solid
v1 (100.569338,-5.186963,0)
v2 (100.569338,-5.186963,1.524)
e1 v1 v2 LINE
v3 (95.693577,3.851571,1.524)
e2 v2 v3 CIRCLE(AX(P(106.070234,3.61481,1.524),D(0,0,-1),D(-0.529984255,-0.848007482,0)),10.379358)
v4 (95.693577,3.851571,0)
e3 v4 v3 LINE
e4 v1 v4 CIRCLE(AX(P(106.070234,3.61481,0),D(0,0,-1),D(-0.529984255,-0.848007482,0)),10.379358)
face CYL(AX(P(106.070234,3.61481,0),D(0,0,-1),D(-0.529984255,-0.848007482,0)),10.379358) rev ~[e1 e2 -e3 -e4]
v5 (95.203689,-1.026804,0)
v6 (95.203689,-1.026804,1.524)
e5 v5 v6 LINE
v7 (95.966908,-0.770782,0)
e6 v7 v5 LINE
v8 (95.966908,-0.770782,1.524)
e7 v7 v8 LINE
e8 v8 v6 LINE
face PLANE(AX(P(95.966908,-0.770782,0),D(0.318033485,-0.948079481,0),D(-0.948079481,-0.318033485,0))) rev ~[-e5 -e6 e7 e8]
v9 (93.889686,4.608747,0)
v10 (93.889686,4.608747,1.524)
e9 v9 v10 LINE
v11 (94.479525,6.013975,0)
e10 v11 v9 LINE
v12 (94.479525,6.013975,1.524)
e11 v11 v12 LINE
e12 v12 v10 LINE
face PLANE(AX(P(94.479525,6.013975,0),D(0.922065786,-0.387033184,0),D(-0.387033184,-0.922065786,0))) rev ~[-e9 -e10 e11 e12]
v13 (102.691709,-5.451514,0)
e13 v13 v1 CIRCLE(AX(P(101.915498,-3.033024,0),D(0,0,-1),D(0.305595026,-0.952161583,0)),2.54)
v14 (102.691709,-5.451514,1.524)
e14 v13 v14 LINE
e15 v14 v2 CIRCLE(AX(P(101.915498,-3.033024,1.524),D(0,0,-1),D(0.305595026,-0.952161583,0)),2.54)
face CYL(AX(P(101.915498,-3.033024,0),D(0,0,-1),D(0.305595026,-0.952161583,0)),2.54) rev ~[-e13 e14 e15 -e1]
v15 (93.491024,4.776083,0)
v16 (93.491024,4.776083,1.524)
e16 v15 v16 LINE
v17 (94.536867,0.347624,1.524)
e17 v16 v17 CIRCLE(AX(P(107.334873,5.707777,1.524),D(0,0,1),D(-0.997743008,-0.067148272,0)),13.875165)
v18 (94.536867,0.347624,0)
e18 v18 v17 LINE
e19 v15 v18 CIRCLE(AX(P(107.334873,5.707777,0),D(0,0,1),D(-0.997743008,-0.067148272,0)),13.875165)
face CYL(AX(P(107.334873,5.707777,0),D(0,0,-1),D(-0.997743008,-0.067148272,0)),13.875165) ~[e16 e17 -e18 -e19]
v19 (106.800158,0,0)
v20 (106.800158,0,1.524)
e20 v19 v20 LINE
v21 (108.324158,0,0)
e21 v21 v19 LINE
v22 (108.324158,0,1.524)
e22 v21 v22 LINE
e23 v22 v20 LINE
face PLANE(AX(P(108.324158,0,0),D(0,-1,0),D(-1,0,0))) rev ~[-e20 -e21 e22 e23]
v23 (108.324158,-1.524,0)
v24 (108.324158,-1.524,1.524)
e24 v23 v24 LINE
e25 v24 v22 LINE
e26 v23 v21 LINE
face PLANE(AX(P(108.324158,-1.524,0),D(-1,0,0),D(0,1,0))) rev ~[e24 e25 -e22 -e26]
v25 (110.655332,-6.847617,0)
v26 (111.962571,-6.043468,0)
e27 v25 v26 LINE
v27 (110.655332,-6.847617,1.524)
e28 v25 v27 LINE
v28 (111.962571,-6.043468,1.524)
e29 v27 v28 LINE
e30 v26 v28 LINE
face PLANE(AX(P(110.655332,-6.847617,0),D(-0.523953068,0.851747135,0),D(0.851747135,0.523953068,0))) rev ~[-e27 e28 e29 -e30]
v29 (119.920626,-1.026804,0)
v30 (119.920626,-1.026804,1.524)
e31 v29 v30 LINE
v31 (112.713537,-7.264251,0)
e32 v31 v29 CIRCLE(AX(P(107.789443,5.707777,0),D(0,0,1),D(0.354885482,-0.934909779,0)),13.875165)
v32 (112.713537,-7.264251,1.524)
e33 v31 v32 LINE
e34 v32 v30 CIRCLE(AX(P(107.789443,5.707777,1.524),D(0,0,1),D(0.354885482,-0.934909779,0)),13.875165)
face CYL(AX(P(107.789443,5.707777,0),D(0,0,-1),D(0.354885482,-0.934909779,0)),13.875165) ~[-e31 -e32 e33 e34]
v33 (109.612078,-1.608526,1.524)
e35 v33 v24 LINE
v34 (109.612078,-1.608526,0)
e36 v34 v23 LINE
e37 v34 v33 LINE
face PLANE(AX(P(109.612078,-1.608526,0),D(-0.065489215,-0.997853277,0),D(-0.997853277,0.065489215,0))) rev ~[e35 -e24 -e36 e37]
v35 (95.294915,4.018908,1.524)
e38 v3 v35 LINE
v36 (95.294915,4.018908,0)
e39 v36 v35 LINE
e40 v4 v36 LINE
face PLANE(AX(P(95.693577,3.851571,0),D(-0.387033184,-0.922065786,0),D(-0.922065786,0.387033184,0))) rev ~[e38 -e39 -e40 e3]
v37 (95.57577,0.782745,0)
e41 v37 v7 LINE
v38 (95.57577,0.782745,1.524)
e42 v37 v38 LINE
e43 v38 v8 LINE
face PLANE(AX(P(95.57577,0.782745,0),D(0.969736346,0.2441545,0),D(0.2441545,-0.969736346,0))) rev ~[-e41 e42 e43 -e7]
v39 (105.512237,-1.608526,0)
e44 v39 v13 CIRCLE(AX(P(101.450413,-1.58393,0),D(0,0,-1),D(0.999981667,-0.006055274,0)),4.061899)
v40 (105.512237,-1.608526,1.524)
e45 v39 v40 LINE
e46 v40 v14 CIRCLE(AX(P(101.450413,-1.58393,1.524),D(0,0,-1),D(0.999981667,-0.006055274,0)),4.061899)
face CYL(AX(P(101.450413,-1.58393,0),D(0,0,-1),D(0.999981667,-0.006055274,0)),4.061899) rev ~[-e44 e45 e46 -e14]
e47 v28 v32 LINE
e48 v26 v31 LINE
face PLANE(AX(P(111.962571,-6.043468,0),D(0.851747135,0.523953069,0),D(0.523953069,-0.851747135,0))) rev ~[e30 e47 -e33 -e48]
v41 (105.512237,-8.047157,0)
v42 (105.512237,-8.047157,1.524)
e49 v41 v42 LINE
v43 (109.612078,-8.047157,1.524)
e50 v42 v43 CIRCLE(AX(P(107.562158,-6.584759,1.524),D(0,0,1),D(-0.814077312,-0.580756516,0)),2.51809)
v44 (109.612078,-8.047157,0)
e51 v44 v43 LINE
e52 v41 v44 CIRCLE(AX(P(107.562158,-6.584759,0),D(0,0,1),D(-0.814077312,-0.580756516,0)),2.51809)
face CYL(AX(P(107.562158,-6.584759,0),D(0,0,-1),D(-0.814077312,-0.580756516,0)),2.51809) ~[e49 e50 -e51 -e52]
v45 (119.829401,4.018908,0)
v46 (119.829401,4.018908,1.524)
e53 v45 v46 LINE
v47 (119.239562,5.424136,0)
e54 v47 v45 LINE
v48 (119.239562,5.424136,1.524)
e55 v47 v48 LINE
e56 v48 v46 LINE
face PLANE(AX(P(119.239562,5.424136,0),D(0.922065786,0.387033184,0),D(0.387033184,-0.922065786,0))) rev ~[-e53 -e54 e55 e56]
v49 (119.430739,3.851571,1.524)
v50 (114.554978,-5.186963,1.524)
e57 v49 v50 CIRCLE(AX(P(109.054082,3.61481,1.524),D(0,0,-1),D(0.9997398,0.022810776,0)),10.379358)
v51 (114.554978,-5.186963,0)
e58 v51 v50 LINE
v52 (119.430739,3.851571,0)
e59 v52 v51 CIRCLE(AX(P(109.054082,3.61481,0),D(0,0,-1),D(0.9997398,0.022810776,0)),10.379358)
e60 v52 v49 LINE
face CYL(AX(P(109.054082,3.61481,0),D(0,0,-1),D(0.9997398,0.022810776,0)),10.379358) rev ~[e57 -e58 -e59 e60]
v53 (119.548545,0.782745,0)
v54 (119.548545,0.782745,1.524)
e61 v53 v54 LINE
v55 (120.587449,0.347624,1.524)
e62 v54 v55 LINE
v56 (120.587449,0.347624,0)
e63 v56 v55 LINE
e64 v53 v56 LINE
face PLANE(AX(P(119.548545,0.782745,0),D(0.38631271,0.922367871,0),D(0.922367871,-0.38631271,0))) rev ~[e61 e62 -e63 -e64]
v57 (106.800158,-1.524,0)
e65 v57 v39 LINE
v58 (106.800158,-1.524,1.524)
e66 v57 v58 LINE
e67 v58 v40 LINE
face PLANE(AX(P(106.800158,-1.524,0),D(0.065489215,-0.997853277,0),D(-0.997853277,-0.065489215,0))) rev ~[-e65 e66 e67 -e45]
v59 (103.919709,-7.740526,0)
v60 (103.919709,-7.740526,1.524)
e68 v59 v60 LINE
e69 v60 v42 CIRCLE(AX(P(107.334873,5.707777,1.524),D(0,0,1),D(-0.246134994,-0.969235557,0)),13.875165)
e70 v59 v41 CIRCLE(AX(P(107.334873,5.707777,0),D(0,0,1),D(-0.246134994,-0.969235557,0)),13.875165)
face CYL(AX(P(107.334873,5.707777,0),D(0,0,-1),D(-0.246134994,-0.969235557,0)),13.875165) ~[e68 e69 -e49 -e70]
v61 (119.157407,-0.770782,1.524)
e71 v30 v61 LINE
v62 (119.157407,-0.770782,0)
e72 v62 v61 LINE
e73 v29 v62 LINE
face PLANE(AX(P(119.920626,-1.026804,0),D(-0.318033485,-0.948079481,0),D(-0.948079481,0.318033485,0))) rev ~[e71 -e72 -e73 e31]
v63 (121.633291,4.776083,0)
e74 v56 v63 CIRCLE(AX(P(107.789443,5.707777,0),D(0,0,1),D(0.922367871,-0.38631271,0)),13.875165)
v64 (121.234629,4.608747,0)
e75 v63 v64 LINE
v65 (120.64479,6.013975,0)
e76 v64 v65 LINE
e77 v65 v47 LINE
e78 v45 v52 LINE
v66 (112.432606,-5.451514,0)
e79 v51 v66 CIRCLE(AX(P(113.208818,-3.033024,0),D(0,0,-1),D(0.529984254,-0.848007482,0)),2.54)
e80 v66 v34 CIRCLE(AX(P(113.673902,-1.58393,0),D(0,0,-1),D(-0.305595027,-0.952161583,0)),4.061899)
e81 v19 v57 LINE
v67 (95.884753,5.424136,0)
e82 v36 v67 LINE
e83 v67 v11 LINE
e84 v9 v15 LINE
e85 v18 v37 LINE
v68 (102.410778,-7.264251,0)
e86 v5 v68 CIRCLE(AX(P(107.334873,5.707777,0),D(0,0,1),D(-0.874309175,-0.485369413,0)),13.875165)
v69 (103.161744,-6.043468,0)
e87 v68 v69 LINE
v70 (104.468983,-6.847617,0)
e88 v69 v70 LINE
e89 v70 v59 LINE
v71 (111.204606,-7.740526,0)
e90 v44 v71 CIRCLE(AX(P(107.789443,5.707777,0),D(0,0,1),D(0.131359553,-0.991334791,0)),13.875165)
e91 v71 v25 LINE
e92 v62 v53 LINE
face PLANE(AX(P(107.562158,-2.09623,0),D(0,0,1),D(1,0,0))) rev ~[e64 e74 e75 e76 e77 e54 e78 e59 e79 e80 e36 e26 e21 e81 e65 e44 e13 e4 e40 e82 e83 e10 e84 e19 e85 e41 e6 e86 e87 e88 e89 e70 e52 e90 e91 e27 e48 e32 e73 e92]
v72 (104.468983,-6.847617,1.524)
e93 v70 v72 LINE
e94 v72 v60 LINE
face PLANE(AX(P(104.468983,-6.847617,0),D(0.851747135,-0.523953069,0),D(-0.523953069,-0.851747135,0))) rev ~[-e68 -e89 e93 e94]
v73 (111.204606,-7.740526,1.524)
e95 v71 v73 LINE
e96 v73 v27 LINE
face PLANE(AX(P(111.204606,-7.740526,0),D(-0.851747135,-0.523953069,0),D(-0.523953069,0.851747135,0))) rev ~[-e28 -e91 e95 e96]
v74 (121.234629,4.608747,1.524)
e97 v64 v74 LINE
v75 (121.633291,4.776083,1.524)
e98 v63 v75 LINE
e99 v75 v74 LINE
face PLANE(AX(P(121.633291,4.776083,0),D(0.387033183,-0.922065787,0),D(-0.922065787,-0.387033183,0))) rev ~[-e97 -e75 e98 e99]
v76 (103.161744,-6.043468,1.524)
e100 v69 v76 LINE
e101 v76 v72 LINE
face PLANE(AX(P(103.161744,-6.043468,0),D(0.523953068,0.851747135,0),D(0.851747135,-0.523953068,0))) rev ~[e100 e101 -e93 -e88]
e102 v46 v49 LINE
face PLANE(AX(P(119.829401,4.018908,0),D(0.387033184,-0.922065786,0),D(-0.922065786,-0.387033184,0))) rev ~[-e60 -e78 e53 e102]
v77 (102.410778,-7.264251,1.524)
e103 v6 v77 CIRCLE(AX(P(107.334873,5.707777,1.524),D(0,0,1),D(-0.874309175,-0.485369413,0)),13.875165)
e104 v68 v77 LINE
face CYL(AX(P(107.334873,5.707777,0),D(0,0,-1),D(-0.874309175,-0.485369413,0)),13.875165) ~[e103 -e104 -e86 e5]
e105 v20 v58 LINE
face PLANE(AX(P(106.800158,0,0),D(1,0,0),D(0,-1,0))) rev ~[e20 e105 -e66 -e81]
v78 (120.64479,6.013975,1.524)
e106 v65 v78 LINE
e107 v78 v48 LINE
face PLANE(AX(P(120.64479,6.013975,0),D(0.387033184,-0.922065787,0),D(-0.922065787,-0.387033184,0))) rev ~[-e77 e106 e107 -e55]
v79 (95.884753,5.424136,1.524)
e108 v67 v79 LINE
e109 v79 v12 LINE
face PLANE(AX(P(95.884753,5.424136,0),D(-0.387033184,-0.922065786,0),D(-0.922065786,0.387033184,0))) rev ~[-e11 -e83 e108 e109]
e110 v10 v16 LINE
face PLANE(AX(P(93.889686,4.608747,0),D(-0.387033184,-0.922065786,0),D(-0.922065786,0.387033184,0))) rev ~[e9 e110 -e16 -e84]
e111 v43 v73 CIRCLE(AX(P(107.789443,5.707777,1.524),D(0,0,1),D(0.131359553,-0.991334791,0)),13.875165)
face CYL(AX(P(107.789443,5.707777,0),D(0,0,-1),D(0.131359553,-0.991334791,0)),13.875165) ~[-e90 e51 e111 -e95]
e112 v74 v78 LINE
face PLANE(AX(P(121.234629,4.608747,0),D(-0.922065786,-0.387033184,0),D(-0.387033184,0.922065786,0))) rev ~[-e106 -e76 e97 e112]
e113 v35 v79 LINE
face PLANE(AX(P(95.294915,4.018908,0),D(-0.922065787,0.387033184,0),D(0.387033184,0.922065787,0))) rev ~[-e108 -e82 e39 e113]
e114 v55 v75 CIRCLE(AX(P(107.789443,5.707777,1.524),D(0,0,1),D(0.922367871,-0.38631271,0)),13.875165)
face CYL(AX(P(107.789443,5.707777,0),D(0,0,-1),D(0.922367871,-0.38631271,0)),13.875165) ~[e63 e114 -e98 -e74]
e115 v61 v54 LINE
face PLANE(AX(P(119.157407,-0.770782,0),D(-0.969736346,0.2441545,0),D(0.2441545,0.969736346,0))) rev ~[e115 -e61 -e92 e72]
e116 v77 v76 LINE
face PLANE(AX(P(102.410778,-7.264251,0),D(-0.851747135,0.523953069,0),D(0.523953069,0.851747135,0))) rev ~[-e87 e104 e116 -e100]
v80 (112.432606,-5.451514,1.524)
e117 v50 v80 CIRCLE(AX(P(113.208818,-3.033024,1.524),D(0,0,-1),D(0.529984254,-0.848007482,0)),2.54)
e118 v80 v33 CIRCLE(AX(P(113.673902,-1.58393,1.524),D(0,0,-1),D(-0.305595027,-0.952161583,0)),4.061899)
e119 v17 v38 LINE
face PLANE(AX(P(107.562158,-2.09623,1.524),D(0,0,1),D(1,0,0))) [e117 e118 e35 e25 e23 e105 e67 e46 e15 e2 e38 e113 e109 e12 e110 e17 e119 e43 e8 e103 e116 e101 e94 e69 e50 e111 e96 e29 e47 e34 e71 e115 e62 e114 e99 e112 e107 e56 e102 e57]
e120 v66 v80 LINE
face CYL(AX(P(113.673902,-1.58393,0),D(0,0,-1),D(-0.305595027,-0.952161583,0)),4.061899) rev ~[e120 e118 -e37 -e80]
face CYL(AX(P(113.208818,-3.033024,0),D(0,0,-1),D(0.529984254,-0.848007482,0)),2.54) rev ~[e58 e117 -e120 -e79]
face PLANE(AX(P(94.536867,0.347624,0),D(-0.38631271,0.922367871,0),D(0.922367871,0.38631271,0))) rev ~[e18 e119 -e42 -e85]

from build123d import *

# Parameters (mm, degrees)
BOSS_EXTRUDE1_DEPTH = 1.524


with BuildPart() as part:
    # Sketch1 → Boss-Extrude1 (new body)
    with BuildSketch(Plane.XY):
        with BuildLine():
            Line((108.324157749, 0), (107.562157749, 0))
            Line((107.562157749, 0), (106.800157749, 0))
            Line((106.800157749, 0), (106.800157749, -1.524))
            Line((106.800157749, -1.524), (105.512237426, -1.608526345))
            ThreePointArc((105.512237426, -1.608526345), (104.724998688, -3.987284572), (102.691709144, -5.451514459))
            ThreePointArc((102.691709144, -5.451514459), (101.601320714, -5.553518588), (100.569337767, -5.186963043))
            ThreePointArc((100.569337767, -5.186963043), (96.93524901, -1.312980348), (95.693576873, 3.851571261))
            Line((95.693576873, 3.851571261), (95.294914698, 4.01890801))
            Line((95.294914698, 4.01890801), (95.88475327, 5.424136269))
            Line((95.88475327, 5.424136269), (94.479525012, 6.013974841))
            Line((94.479525012, 6.013974841), (93.889686439, 4.608746583))
            Line((93.889686439, 4.608746583), (93.491024264, 4.776083332))
            ThreePointArc((93.491024264, 4.776083332), (93.831172669, 2.518689403), (94.536866699, 0.347624174))
            Line((94.536866699, 0.347624174), (95.57577022, 0.782745178))
            Line((95.57577022, 0.782745178), (95.966908102, -0.770781875))
            Line((95.966908102, -0.770781875), (95.203689029, -1.026803893))
            ThreePointArc((95.203689029, -1.026803893), (98.254836233, -4.783797634), (102.410778326, -7.264250525))
            Line((102.410778326, -7.264250525), (103.161744097, -6.043467632))
            Line((103.161744097, -6.043467632), (104.468983276, -6.847617069))
            Line((104.468983276, -6.847617069), (103.919709272, -7.740526353))
            ThreePointArc((103.919709272, -7.740526353), (104.711489507, -7.917129066), (105.512237426, -8.047156867))
            ThreePointArc((105.512237426, -8.047156867), (107.562157749, -9.102849891), (109.612078072, -8.047156867))
            ThreePointArc((109.612078072, -8.047156867), (110.412825991, -7.917129066), (111.204606226, -7.740526353))
            Line((111.204606226, -7.740526353), (110.655332222, -6.847617069))
            Line((110.655332222, -6.847617069), (111.962571401, -6.043467632))
            Line((111.962571401, -6.043467632), (112.713537171, -7.264250525))
            ThreePointArc((112.713537171, -7.264250525), (116.869479265, -4.783797634), (119.920626468, -1.026803893))
            Line((119.920626468, -1.026803893), (119.157407395, -0.770781875))
            Line((119.157407395, -0.770781875), (119.548545278, 0.782745178))
            Line((119.548545278, 0.782745178), (120.587448799, 0.347624174))
            ThreePointArc((120.587448799, 0.347624174), (121.293142829, 2.518689403), (121.633291234, 4.776083332))
            Line((121.633291234, 4.776083332), (121.234629058, 4.608746583))
            Line((121.234629058, 4.608746583), (120.644790486, 6.013974841))
            Line((120.644790486, 6.013974841), (119.239562227, 5.424136269))
            Line((119.239562227, 5.424136269), (119.8294008, 4.01890801))
            Line((119.8294008, 4.01890801), (119.430738625, 3.851571261))
            ThreePointArc((119.430738625, 3.851571261), (118.189066488, -1.312980348), (114.55497773, -5.186963043))
            ThreePointArc((114.55497773, -5.186963043), (113.522994784, -5.553518588), (112.432606354, -5.451514459))
            ThreePointArc((112.432606354, -5.451514459), (110.399316809, -3.987284572), (109.612078072, -1.608526345))
            Line((109.612078072, -1.608526345), (108.324157749, -1.524))
            Line((108.324157749, -1.524), (108.324157749, 0))
        make_face()
    extrude(amount=BOSS_EXTRUDE1_DEPTH)


solid = part.part
